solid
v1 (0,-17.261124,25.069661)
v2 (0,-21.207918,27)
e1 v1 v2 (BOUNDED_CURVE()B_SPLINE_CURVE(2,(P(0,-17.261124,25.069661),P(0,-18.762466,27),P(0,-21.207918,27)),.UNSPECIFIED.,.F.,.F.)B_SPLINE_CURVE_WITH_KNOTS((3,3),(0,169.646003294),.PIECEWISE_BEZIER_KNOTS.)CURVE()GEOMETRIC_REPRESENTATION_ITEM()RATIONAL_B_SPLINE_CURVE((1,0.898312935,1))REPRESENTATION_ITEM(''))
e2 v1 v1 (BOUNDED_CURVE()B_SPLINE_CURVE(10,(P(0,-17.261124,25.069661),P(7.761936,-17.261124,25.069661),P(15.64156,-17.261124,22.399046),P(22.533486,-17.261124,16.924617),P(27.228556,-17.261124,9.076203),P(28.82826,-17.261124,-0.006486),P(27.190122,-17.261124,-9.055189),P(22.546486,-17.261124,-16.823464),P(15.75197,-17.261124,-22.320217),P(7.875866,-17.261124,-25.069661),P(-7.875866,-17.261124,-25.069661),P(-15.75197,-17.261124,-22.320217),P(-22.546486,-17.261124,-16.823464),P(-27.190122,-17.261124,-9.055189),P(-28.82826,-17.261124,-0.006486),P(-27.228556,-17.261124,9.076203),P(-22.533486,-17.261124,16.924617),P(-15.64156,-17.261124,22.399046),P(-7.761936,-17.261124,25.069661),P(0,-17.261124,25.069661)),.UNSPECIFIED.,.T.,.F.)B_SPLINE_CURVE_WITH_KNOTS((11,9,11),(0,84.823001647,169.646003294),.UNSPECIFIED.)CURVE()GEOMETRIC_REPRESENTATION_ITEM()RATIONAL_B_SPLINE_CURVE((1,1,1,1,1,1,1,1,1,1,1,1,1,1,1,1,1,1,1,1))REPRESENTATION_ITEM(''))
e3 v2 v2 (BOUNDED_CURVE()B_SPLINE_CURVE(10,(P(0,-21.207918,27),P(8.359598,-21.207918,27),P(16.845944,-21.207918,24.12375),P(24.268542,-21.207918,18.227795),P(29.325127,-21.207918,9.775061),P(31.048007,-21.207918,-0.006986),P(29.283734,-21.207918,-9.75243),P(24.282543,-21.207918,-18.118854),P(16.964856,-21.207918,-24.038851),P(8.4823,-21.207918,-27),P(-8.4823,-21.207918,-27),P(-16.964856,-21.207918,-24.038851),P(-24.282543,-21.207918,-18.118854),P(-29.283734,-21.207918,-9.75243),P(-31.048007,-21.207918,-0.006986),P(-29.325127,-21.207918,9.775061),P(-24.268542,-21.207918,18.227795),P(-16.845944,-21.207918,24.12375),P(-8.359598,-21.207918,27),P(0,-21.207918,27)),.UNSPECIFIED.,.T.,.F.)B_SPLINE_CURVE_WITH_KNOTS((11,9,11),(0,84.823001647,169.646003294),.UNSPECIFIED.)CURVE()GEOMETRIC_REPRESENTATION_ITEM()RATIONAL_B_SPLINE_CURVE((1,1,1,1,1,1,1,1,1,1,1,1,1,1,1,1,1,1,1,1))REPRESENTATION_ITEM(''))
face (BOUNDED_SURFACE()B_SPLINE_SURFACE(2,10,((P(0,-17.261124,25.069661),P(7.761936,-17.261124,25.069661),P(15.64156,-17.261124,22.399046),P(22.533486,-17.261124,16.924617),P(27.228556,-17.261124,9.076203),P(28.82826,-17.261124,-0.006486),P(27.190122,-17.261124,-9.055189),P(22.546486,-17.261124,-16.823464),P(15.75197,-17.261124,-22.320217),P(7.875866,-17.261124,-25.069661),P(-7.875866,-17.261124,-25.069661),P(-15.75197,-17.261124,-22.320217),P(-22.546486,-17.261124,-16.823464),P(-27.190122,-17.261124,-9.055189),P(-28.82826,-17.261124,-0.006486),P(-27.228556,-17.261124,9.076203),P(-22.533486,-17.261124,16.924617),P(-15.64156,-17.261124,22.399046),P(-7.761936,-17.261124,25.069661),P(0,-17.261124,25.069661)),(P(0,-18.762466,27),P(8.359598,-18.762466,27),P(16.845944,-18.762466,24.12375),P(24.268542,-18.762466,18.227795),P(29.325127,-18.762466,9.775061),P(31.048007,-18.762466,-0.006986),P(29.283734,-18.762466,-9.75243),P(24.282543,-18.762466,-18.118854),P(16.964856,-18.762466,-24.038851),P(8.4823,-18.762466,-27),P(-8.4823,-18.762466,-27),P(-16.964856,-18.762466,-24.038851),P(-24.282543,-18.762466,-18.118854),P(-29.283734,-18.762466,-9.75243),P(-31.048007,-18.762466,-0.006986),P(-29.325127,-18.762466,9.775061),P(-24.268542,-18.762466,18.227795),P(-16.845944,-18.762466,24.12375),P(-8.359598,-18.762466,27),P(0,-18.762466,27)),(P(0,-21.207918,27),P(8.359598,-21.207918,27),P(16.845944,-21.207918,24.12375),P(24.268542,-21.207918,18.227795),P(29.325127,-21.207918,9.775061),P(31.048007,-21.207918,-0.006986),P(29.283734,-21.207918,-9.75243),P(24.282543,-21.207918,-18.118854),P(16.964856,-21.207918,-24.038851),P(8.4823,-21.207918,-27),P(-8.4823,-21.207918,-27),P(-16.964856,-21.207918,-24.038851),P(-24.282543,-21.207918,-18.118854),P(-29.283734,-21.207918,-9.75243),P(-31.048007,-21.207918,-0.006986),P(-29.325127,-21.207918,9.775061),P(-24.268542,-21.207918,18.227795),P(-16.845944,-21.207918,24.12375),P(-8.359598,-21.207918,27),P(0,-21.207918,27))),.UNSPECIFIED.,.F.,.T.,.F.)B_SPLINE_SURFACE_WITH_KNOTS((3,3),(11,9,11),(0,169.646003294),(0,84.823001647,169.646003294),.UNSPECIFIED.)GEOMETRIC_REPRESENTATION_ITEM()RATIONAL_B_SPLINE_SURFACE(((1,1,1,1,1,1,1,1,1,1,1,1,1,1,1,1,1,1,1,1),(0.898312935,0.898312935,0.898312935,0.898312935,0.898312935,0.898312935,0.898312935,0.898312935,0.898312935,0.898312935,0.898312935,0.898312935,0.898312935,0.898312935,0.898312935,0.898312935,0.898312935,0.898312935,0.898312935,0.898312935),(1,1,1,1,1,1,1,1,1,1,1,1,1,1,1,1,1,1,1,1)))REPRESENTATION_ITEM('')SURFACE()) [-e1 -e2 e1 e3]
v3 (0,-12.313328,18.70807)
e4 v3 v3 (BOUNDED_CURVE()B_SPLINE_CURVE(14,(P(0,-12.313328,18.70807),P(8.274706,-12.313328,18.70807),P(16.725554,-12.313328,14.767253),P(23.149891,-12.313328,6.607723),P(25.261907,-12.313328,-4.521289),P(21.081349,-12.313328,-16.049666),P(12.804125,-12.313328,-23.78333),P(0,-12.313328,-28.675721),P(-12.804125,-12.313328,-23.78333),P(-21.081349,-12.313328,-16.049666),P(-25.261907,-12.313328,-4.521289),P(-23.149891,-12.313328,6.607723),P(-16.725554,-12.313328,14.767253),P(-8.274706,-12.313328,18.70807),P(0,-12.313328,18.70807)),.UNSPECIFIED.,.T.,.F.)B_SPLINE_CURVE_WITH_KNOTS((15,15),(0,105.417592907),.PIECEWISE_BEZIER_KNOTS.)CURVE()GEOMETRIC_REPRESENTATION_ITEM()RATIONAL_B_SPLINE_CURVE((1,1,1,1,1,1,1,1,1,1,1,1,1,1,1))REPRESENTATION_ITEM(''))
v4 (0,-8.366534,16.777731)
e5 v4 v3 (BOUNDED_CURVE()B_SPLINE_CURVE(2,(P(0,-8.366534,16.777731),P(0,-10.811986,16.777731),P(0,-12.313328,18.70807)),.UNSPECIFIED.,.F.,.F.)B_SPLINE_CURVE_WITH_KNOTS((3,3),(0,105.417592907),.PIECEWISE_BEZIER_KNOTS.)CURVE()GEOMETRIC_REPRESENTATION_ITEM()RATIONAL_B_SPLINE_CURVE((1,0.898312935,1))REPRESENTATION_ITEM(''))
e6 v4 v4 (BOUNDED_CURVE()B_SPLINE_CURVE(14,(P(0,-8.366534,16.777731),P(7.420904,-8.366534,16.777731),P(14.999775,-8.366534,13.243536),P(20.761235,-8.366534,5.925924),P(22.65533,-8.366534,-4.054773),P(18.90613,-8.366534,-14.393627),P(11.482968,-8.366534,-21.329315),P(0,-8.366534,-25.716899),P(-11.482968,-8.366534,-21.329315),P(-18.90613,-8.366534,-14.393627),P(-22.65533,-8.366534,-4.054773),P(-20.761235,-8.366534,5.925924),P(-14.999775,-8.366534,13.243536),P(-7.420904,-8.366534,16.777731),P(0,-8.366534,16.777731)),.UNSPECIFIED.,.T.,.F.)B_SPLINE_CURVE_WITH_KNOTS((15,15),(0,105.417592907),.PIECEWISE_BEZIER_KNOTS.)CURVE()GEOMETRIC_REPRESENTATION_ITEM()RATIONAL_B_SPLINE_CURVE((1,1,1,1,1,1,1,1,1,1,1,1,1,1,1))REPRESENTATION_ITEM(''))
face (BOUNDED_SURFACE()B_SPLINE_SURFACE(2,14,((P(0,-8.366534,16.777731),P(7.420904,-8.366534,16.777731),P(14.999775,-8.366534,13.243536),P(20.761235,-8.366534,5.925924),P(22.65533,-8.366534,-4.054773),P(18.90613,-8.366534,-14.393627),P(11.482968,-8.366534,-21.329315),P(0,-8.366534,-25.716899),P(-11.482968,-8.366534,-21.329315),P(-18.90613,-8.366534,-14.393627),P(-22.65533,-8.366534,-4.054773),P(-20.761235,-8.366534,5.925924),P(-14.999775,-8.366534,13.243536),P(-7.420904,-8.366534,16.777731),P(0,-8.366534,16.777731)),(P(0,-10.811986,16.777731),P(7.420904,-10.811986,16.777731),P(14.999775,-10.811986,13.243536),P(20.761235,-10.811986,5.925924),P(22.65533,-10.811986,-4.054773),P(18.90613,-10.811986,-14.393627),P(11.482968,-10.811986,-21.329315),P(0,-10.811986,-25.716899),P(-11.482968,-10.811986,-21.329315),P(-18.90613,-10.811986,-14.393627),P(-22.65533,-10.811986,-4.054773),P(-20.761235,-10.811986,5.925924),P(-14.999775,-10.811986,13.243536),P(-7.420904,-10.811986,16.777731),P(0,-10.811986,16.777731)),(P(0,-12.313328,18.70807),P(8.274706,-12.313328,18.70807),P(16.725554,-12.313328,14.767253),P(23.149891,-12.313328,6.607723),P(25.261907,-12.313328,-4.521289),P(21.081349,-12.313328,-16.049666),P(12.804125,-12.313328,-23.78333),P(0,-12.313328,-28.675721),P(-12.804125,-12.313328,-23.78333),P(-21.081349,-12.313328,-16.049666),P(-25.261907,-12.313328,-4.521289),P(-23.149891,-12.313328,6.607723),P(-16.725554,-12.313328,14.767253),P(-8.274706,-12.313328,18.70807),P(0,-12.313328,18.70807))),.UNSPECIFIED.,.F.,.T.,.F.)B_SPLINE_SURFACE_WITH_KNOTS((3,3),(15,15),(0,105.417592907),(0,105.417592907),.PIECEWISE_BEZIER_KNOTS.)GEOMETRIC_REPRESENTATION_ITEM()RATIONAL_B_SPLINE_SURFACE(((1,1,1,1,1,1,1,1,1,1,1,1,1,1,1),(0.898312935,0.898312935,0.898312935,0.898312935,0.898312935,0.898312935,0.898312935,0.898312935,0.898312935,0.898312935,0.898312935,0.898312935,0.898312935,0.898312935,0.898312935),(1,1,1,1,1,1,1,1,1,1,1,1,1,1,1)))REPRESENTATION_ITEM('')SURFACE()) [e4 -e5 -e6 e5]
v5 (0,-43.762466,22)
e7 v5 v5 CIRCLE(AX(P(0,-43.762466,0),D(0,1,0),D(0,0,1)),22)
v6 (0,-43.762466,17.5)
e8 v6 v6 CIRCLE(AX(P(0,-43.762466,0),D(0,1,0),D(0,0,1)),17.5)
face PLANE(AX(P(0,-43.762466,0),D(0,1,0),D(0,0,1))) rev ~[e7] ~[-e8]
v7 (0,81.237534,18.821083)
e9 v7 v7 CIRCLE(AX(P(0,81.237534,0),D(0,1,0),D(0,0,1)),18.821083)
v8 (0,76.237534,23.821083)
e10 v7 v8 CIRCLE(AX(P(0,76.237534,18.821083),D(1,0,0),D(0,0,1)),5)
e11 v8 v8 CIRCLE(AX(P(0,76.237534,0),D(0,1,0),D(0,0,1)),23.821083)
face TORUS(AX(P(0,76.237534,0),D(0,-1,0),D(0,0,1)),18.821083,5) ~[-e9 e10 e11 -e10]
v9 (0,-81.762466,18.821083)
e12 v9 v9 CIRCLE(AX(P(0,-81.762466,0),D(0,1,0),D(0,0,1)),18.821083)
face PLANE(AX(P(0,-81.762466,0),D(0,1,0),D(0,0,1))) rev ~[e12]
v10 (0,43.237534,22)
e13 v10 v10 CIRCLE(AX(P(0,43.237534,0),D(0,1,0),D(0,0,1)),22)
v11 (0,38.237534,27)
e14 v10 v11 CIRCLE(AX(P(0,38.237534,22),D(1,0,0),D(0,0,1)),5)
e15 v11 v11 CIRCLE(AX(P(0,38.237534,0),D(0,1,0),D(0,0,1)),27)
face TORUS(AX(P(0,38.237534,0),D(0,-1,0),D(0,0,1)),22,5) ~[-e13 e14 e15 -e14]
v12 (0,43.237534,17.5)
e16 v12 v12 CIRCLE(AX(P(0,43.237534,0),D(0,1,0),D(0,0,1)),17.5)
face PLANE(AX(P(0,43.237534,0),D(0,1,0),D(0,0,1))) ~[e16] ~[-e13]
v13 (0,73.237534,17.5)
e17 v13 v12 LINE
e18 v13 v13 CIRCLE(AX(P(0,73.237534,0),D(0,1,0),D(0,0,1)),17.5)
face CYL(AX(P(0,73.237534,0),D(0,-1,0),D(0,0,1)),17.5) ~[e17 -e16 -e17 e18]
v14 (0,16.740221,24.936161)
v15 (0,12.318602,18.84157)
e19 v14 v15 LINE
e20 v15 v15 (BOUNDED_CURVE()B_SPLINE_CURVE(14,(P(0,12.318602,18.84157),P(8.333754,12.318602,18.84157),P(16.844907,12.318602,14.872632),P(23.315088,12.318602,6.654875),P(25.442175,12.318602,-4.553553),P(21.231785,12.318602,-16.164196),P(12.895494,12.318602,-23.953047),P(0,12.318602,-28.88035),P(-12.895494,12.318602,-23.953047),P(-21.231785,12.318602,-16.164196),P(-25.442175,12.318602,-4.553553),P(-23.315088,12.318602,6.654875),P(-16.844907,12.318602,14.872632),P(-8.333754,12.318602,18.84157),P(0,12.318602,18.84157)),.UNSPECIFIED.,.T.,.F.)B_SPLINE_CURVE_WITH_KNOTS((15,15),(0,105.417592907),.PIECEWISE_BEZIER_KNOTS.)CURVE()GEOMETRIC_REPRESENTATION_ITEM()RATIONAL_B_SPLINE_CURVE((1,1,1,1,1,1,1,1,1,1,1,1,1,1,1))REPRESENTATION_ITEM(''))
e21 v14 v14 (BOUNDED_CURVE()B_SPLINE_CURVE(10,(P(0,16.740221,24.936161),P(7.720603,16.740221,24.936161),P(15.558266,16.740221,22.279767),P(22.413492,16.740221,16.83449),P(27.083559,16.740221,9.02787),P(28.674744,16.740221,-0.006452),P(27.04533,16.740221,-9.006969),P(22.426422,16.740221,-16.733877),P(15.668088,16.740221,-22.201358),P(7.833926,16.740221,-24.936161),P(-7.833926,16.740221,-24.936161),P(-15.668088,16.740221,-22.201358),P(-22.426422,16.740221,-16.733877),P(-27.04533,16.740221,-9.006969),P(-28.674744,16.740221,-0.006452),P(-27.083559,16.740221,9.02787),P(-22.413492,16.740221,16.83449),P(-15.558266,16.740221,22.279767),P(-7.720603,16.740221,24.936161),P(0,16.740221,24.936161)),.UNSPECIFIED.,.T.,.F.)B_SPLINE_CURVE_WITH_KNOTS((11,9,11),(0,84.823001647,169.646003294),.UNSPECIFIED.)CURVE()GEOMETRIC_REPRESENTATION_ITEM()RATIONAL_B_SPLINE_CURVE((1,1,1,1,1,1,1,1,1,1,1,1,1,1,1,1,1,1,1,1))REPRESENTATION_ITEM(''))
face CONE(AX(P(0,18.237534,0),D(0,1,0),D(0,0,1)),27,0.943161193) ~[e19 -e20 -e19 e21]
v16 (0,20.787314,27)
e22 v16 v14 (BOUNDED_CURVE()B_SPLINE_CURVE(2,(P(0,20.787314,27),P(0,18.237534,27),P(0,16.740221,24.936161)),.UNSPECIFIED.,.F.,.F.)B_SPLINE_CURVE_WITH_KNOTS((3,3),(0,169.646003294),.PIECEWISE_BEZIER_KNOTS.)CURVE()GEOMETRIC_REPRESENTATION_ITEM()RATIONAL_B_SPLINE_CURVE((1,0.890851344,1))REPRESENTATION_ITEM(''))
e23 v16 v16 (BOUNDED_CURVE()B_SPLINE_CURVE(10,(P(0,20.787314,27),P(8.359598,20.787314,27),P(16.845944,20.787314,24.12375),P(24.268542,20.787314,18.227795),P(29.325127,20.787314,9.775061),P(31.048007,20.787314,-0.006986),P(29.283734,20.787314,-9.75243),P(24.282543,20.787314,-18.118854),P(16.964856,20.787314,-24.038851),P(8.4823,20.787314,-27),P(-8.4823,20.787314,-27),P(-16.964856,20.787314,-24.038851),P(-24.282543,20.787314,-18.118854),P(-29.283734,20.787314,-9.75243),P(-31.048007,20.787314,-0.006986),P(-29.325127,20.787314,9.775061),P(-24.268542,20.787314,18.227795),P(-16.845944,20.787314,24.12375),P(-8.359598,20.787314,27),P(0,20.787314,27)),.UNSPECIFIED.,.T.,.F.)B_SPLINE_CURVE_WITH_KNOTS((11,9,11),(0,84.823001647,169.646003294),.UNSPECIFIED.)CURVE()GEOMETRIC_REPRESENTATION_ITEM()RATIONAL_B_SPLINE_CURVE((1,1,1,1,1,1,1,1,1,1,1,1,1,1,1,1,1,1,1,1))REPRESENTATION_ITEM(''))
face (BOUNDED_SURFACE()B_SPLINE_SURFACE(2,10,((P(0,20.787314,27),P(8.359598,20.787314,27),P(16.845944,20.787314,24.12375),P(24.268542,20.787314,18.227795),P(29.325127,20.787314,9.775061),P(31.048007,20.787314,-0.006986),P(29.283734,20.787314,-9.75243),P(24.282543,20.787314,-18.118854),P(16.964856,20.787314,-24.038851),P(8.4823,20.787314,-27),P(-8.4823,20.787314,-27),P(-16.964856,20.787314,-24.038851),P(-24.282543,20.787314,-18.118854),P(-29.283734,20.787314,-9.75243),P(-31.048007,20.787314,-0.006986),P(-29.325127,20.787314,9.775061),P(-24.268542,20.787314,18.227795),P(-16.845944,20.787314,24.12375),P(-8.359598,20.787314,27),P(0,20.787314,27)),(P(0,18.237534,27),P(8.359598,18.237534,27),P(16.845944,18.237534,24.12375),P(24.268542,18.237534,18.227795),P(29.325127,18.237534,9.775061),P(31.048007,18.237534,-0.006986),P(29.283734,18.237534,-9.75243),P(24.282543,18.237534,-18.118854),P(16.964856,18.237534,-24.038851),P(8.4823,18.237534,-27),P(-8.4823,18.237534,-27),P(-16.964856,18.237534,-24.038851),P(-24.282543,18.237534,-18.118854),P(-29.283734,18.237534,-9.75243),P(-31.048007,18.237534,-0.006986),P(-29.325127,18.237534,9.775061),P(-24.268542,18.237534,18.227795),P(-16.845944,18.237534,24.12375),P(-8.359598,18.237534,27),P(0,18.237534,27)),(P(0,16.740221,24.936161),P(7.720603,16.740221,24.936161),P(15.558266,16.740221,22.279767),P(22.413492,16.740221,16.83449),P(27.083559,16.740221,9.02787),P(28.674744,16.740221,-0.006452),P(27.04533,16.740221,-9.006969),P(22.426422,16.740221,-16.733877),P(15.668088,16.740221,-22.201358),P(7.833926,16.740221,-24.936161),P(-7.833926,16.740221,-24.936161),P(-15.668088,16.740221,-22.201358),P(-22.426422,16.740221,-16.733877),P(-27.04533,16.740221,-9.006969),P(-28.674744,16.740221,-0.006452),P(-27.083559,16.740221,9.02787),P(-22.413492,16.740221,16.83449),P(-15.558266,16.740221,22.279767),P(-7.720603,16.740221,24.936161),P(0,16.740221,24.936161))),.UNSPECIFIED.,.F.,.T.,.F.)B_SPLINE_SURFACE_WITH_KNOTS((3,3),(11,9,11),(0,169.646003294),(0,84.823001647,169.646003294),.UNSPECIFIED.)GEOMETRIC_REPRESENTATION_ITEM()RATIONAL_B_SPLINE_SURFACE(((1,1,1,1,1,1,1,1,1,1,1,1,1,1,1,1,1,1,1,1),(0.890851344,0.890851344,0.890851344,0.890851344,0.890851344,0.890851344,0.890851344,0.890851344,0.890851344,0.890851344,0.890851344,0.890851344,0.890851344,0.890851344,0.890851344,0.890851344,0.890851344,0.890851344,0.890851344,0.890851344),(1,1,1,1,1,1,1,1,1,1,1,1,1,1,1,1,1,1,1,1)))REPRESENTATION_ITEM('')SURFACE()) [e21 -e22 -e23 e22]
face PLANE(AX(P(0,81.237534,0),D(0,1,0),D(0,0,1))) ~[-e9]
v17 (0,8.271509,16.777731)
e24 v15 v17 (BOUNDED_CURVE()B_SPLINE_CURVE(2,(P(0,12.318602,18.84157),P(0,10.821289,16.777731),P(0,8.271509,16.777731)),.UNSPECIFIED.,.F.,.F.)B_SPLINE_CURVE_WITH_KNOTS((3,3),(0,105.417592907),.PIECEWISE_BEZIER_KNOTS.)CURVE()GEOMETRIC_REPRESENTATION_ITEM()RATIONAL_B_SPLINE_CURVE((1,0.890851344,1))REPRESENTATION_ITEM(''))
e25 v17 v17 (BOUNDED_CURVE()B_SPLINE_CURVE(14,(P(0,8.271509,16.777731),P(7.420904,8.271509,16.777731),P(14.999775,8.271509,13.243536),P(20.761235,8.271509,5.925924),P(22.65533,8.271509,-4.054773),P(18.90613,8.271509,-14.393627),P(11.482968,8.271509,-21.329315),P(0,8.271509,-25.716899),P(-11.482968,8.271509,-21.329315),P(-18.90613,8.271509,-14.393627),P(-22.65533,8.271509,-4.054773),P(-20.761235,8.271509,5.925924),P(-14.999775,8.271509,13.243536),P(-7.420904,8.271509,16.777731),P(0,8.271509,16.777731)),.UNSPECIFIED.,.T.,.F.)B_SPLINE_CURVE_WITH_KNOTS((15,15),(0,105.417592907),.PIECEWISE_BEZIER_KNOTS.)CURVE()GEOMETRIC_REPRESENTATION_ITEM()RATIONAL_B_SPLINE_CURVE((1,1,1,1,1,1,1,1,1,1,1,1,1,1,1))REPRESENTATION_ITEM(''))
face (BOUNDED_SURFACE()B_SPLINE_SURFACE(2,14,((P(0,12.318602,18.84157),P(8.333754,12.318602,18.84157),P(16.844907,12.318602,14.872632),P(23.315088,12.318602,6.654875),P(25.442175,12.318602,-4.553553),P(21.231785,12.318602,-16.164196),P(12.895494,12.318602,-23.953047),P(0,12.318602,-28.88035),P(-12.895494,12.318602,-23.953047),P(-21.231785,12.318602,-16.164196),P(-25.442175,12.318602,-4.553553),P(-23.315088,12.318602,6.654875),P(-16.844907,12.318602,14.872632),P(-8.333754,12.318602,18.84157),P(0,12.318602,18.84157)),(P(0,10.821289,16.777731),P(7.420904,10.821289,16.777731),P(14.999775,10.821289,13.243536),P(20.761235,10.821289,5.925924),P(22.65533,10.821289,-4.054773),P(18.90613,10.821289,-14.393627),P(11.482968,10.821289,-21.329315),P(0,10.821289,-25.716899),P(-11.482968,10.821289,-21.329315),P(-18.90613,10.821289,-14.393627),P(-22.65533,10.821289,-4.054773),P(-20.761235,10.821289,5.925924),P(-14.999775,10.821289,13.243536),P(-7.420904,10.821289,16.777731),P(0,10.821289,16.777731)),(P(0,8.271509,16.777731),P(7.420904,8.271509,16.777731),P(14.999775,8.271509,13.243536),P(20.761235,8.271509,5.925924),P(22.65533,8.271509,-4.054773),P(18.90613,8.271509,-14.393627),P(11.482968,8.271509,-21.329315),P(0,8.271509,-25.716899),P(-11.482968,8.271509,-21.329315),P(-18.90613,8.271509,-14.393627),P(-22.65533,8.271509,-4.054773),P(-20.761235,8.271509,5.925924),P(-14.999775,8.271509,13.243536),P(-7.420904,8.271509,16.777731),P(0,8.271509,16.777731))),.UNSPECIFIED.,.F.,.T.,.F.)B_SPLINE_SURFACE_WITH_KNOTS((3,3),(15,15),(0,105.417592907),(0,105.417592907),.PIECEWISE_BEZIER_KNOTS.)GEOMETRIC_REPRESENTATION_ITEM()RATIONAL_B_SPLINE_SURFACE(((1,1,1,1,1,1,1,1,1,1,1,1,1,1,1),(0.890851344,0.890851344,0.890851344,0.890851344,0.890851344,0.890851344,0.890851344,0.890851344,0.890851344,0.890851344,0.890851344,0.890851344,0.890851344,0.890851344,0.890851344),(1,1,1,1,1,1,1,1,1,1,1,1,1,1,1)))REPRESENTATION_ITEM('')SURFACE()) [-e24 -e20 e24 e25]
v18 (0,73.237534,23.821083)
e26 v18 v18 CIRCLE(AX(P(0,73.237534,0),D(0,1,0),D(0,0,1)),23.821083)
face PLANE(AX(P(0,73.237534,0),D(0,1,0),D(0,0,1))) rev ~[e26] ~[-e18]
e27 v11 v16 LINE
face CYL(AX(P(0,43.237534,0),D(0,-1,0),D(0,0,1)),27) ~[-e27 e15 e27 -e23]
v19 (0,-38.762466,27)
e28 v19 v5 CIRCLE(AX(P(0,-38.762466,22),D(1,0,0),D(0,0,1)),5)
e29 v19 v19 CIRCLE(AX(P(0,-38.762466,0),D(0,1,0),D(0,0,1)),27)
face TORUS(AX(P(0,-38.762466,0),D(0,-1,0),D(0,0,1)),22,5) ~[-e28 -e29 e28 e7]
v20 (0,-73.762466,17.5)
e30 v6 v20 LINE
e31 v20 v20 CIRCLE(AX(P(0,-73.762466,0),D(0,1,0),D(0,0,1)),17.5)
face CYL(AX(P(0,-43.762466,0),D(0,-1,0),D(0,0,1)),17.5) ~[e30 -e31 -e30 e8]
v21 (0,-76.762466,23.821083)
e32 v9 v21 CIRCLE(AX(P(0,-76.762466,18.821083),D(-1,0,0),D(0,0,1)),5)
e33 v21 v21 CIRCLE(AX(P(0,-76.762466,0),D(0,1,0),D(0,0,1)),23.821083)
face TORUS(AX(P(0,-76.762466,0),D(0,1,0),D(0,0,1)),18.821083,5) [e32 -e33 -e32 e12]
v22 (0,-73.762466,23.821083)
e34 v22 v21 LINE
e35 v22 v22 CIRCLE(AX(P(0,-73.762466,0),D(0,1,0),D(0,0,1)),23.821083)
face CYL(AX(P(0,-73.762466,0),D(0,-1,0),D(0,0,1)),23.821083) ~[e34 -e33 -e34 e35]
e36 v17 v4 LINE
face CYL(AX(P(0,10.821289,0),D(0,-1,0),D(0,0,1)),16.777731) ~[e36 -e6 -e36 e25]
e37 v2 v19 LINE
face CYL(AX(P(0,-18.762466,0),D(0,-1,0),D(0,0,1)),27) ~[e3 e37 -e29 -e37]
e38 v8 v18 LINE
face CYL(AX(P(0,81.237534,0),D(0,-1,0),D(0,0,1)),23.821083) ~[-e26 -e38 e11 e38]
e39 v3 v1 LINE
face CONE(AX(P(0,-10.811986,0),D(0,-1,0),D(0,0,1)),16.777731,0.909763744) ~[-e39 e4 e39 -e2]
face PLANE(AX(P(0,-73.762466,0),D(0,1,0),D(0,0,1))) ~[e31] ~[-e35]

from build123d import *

# Parameters (mm, degrees)
F2_R = 5


with BuildPart() as f1:
    # F0 (on Right) → F1 (revolve)
    with BuildSketch(Plane.YZ):
        Polygon((-81.762466, 23.821083), (-81.762466, 0), (81.237534, 0), (81.237534, 23.821083), (73.237534, 23.821083), (73.237534, 17.5), (43.237534, 17.5), (43.237534, 27), (18.237534, 27), (10.821289, 16.777731), (-10.811986, 16.777731), (-18.762466, 27), (-43.762466, 27), (-43.762466, 17.5), (-73.762466, 17.5), (-73.762466, 23.821083), align=None)
    revolve(axis=Axis((0, -0.262466, 0), (0, 1, 0)))

    # F2
    f2_edges = [f1.edges().sort_by_distance(p)[0] for p in [
        (0, -81.762466, -23.821083),
        (0, -43.762466, -27),
        (0, -18.762466, -27),
        (0, -10.811986, -16.777731),
        (0, 10.821289, -16.777731),
        (0, 18.237534, -27),
        (0, 43.237534, -27),
        (0, 81.237534, -23.821083),
    ]]
    fillet(f2_edges, radius=F2_R)


solid = f1.part
